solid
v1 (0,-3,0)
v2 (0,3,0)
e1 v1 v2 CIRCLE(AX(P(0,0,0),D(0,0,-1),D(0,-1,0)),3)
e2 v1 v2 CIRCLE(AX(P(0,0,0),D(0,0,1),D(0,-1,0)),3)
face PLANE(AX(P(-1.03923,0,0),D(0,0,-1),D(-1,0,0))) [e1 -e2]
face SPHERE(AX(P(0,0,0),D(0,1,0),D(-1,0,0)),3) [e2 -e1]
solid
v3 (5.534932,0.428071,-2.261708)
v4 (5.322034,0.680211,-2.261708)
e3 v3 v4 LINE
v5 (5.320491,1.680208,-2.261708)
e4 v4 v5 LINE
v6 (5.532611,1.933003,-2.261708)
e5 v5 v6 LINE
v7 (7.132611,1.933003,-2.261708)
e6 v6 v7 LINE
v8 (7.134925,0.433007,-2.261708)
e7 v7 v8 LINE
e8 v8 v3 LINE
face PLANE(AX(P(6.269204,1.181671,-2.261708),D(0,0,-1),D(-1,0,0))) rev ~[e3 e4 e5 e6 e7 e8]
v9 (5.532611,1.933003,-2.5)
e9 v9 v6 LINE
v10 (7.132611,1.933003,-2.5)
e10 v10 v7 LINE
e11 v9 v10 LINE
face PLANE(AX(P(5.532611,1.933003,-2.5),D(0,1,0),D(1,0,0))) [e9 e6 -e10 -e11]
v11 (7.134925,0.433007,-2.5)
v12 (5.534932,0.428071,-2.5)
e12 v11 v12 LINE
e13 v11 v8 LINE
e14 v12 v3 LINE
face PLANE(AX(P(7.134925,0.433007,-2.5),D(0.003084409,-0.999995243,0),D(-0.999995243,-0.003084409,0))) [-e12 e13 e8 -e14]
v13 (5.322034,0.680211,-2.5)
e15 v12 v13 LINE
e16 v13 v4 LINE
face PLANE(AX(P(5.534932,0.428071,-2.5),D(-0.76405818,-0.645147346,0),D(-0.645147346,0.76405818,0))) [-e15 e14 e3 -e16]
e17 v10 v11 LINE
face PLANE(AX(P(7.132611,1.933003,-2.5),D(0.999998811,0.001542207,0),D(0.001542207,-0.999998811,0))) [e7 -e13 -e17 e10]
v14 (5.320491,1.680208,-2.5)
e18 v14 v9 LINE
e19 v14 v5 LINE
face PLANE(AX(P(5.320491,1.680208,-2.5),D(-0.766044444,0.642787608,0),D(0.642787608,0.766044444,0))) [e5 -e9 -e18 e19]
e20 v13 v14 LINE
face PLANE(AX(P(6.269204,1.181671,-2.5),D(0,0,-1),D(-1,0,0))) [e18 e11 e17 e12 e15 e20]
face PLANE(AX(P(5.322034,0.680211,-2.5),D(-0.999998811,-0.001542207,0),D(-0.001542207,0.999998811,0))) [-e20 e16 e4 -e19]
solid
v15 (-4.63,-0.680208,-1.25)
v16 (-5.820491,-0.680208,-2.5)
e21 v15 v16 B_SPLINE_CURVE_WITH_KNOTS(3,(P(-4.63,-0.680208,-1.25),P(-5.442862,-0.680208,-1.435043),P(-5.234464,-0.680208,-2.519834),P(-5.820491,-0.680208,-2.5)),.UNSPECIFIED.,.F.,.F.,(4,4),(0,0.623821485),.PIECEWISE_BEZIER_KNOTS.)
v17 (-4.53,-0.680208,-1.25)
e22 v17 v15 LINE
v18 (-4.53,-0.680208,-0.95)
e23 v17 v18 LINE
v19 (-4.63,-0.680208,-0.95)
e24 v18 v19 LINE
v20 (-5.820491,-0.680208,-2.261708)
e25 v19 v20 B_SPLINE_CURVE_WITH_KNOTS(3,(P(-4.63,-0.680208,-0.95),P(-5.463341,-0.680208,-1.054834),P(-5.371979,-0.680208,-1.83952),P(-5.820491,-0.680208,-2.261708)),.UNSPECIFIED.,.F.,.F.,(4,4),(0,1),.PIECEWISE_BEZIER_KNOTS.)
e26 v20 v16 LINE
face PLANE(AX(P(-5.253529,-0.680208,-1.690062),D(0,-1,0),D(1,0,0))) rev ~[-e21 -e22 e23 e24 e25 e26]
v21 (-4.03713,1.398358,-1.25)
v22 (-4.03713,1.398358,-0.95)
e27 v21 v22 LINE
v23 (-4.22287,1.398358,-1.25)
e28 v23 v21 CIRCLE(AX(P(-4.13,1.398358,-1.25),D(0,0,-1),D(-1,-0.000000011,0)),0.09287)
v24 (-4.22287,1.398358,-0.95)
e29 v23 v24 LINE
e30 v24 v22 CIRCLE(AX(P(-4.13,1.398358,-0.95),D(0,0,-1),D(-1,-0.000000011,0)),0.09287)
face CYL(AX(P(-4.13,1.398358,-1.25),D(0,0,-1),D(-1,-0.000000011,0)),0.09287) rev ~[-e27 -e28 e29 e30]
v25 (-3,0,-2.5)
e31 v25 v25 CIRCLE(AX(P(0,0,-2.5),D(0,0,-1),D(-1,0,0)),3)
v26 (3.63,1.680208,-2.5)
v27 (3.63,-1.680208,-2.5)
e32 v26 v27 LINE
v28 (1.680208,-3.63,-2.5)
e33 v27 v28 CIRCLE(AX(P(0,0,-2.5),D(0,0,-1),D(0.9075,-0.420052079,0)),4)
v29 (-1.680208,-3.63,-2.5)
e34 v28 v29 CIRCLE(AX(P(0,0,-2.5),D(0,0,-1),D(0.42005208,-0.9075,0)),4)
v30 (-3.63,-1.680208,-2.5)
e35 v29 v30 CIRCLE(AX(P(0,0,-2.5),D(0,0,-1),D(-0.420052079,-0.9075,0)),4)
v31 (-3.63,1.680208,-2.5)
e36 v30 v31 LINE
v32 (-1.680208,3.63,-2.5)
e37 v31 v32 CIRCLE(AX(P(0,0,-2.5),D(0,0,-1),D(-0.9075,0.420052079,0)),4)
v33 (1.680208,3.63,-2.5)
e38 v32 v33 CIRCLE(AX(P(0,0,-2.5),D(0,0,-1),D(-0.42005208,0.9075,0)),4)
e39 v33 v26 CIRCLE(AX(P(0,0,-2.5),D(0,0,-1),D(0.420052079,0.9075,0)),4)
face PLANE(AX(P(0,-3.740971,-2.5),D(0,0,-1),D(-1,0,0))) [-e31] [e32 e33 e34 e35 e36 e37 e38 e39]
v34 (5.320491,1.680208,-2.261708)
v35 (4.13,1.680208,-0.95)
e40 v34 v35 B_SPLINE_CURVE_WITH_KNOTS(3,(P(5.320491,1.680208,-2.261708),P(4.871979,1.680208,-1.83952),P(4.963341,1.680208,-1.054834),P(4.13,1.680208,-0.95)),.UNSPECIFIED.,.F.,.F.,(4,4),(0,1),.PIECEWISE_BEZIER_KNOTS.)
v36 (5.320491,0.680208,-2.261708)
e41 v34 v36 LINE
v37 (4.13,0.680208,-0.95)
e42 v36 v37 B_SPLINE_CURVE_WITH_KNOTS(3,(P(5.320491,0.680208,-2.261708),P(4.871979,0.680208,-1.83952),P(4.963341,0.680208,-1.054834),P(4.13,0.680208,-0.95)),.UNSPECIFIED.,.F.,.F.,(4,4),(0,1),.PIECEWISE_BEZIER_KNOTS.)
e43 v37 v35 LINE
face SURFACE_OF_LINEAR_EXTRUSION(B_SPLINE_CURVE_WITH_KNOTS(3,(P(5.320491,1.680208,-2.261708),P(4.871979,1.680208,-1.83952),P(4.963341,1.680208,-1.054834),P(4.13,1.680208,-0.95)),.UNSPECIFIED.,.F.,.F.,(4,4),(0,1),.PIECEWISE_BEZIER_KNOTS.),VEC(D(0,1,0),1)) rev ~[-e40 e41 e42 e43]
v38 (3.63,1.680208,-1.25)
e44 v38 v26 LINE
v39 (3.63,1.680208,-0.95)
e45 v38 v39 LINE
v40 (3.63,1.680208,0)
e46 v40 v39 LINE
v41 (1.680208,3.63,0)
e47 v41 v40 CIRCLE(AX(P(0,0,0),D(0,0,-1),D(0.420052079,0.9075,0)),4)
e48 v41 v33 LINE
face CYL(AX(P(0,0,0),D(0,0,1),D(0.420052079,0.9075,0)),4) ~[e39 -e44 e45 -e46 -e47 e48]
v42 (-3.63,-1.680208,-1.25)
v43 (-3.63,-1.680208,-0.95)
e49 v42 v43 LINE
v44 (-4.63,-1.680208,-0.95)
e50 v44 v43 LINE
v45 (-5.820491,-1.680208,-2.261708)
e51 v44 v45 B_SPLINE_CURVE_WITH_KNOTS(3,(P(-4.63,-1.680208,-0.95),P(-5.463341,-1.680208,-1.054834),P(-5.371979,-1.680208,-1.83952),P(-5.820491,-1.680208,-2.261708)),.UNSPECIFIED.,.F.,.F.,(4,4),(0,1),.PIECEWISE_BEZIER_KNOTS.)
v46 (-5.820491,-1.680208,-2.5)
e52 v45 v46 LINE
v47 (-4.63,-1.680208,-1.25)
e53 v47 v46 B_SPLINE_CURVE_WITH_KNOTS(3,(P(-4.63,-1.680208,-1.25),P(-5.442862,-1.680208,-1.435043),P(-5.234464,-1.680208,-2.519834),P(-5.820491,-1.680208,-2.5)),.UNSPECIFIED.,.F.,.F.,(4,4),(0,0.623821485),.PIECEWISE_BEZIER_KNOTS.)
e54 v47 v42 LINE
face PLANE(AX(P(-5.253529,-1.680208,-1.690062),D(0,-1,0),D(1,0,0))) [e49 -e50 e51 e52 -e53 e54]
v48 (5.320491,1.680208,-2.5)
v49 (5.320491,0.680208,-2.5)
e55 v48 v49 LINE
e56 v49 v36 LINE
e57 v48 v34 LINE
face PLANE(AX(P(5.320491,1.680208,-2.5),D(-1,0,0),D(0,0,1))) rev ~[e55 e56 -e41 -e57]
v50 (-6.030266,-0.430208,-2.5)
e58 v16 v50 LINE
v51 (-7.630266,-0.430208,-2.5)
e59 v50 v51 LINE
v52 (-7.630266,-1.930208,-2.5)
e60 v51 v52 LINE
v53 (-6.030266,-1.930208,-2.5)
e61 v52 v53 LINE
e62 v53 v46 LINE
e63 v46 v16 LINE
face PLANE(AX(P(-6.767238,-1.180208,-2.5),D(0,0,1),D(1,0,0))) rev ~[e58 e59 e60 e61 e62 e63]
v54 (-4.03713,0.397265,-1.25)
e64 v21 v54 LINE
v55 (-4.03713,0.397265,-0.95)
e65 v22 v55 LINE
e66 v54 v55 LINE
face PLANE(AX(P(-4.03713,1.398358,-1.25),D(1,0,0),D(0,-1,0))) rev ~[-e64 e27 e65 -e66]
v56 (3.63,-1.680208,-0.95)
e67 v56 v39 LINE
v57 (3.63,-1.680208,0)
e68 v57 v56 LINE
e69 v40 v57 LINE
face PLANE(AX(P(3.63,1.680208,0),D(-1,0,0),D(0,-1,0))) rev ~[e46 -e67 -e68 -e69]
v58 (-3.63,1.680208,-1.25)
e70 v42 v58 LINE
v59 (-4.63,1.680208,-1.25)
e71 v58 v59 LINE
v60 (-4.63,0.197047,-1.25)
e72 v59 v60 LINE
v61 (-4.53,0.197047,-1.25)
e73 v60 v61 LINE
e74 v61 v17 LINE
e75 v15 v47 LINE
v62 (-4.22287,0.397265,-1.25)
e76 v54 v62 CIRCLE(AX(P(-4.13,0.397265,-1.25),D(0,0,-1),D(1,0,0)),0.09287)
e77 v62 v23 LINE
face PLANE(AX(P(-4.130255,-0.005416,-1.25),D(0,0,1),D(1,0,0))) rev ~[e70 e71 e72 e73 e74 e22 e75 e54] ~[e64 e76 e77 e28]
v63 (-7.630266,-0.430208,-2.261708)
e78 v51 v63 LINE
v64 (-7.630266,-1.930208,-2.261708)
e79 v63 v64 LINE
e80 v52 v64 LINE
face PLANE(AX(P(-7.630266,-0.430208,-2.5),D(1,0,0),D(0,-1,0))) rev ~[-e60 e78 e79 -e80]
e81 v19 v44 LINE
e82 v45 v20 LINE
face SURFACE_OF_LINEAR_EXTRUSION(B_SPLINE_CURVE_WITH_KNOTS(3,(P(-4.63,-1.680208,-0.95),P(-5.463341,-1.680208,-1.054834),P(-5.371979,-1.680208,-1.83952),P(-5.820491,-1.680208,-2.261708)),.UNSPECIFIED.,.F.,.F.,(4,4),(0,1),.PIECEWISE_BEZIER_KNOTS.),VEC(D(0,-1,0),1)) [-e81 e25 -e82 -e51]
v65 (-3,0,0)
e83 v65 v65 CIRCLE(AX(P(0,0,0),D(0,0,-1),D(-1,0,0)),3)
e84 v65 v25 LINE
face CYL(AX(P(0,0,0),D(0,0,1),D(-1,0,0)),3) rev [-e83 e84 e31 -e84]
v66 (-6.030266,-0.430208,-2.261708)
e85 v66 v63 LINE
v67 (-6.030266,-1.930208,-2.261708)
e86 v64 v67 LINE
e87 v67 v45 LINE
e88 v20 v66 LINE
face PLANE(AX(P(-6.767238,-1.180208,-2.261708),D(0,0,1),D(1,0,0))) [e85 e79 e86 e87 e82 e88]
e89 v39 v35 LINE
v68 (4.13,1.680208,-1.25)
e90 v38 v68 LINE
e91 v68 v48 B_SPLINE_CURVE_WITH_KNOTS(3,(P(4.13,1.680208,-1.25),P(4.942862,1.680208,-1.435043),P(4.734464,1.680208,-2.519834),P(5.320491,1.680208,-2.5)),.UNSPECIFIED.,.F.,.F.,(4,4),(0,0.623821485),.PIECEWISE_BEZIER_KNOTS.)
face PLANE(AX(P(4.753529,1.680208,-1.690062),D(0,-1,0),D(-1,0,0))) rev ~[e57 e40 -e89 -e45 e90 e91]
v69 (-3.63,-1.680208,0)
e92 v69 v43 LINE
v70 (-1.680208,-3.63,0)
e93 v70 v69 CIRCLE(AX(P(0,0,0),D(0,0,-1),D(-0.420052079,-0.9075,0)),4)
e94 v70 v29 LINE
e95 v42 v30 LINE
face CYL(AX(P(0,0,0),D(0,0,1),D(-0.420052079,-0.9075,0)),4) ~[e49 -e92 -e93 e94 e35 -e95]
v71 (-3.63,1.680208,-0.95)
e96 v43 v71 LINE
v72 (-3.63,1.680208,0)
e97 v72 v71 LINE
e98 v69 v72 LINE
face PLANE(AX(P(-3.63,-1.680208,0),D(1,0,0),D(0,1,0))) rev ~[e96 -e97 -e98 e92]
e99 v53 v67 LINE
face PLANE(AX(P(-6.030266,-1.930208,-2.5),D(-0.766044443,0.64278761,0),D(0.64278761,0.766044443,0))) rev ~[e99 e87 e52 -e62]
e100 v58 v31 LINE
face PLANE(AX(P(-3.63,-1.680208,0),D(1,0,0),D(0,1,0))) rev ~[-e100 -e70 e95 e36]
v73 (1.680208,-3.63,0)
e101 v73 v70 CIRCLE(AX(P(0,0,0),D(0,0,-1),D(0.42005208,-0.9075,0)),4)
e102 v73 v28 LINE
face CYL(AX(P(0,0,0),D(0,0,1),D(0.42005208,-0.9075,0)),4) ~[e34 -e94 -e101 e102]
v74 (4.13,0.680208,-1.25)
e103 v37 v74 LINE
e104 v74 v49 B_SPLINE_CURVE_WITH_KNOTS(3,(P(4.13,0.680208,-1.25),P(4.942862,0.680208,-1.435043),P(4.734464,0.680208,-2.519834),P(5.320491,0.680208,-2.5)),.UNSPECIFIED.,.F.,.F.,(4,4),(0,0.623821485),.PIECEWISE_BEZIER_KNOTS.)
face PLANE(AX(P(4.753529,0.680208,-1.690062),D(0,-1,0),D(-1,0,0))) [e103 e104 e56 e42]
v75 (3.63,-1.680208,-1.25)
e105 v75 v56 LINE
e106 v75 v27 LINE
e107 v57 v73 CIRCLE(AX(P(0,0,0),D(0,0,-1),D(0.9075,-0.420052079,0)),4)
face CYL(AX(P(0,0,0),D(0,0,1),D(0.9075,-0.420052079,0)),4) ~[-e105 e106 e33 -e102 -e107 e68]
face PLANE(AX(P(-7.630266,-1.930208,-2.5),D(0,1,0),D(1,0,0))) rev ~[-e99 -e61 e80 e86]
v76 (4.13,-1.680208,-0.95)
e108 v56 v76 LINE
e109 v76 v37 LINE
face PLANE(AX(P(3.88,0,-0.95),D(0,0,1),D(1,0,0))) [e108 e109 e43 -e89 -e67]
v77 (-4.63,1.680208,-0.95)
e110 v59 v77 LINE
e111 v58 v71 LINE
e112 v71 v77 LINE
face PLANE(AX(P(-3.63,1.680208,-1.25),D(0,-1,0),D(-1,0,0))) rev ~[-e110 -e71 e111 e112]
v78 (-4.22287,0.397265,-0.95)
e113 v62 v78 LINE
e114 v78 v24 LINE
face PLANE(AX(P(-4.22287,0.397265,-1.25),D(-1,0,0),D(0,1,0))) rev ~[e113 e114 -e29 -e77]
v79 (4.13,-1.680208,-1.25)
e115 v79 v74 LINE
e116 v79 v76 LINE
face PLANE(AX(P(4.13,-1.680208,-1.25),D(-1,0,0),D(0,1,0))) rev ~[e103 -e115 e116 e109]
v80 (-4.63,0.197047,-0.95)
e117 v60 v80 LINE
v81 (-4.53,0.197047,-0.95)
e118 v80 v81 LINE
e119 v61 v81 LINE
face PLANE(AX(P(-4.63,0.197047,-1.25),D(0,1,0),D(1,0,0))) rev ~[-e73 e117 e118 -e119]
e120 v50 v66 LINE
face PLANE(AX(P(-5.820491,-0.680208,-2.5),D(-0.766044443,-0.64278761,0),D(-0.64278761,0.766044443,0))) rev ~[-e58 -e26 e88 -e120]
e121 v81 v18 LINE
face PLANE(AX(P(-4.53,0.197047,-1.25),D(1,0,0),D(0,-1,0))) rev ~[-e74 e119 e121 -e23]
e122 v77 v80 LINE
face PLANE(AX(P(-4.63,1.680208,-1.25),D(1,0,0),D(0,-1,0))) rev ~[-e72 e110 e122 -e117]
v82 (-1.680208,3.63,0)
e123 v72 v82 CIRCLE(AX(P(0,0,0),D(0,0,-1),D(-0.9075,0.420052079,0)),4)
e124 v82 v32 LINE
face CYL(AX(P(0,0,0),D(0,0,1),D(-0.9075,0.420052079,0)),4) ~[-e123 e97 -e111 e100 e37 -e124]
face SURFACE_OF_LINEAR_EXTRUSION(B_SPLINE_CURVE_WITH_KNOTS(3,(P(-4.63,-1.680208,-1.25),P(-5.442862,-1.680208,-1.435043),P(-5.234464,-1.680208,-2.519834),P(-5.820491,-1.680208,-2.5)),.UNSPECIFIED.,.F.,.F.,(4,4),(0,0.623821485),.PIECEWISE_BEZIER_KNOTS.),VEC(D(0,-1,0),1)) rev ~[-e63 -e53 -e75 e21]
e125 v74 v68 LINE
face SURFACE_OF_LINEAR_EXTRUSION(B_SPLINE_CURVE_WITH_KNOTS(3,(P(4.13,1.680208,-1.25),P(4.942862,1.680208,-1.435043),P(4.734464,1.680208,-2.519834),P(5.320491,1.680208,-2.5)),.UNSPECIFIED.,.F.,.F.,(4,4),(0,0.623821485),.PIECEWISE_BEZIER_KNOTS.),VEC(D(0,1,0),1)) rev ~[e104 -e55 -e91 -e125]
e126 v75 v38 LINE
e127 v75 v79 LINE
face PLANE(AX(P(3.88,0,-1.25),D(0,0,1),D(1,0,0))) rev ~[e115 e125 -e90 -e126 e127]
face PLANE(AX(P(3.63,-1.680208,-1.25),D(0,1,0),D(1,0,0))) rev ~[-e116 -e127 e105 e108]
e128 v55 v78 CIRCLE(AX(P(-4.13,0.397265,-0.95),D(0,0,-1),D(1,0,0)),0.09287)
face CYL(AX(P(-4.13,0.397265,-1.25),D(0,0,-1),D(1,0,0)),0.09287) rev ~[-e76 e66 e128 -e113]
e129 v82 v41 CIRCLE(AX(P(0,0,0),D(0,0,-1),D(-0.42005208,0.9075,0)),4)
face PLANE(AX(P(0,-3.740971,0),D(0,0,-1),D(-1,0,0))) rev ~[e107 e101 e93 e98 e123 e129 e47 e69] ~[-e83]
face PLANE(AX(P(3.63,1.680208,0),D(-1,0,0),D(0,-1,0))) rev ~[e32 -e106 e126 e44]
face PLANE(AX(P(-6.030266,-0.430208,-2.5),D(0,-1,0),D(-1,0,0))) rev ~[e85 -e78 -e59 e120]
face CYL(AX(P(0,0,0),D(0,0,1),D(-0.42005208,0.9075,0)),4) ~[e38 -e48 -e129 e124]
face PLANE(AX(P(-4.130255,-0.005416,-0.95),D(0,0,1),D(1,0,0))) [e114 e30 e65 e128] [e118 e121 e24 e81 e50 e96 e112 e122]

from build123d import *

# Parameters (mm, degrees)
REVOLVE1_ANGLE      = 180
SKETCH3_R           = 3
BOSS_EXTRUDE1_DEPTH = 2.5
BOSS_EXTRUDE2_DEPTH = 0.3
BOSS_EXTRUDE3_DEPTH = 1
BOSS_EXTRUDE4_DEPTH = 0.238292
SKETCH8_W           = 0.5
SKETCH8_H           = 3.36041664
BOSS_EXTRUDE5_DEPTH = 0.3
BOSS_EXTRUDE6_DEPTH = 1
BOSS_EXTRUDE7_DEPTH = 0.238292


with BuildPart() as part:
    # Sketch2 → Revolve1 (revolve)
    with BuildSketch(Plane.XY):
        with BuildLine():
            Line((0, 3), (0, -3))
            ThreePointArc((0, -3), (-3, 0), (0, 3))
        make_face()
    revolve(axis=Axis((0, 3, 0), (0, 1, 0)), revolution_arc=REVOLVE1_ANGLE)


with BuildPart() as body_2:
    # Sketch3 → Boss-Extrude1 (new body)
    # profile 1 of 3: a face of its own
    with BuildSketch(Plane(origin=(0, 0, 0), x_dir=(-1, 0, 0), z_dir=(0, 0, -1))):
        with BuildLine():
            Line((1.68020832, 3.63), (-1.68020832, 3.63))
            ThreePointArc((-1.68020832, 3.63), (-2.828427125, 2.828427125), (-3.63, 1.68020832))
            Line((-3.63, 1.68020832), (-3.63, -1.68020832))
            ThreePointArc((-3.63, -1.68020832), (-2.828427125, -2.828427125), (-1.68020832, -3.63))
            Line((-1.68020832, -3.63), (1.68020832, -3.63))
            ThreePointArc((1.68020832, -3.63), (2.828427125, -2.828427125), (3.63, -1.68020832))
            Line((3.63, -1.68020832), (3.63, 1.68020832))
            ThreePointArc((3.63, 1.68020832), (2.828427125, 2.828427125), (1.68020832, 3.63))
        make_face()
        Circle(SKETCH3_R, mode=Mode.SUBTRACT)
    # profile 2 of 3: a face of its own
    with BuildSketch(Plane(origin=(0, 0, 0), x_dir=(-1, 0, 0), z_dir=(0, 0, -1))):
        with BuildLine():
            ThreePointArc((1.68020832, 3.63), (0, 4), (-1.68020832, 3.63))
            Line((-1.68020832, 3.63), (1.68020832, 3.63))
        make_face()
    # profile 3 of 3: a face of its own
    with BuildSketch(Plane(origin=(0, 0, 0), x_dir=(-1, 0, 0), z_dir=(0, 0, -1))):
        with BuildLine():
            Line((1.68020832, -3.63), (-1.68020832, -3.63))
            ThreePointArc((-1.68020832, -3.63), (0, -4), (1.68020832, -3.63))
        make_face()
    extrude(amount=BOSS_EXTRUDE1_DEPTH)

    # Sketch4 → Boss-Extrude2 (add)
    with BuildSketch(Plane.XY.offset(-1.25)):
        Polygon((-3.63, -1.68020832), (-3.63, 1.68020832), (-4.63, 1.68020832), (-4.63, 0.197046936), (-4.53, 0.197046936), (-4.53, -0.68020832), (-4.63, -0.68020832), (-4.63, -1.68020832), align=None)
        with BuildLine():
            ThreePointArc((-4.222869936, 1.398358142), (-4.13, 1.491228079), (-4.037130064, 1.398358142))
            Line((-4.037130064, 1.398358142), (-4.037130064, 0.39726547))
            ThreePointArc((-4.037130064, 0.39726547), (-4.13, 0.304395534), (-4.222869936, 0.39726547))
            Line((-4.222869936, 0.39726547), (-4.222869936, 1.398358142))
        make_face(mode=Mode.SUBTRACT)
    extrude(amount=BOSS_EXTRUDE2_DEPTH)

    # Sketch5 → Boss-Extrude3 (add)
    with BuildSketch(Plane.XZ.offset(1.68020832)):
        with BuildLine():
            add(Edge.make_bspline(
                [(-4.63, -0.95), (-5.463341402, -1.05483435), (-5.371978935, -1.839519927), (-5.820491324, -2.261707818)],
                knots=[0, 0, 0, 0, 1, 1, 1, 1], degree=3))
            Line((-5.820491324, -2.261707818), (-5.820491324, -2.5))
            add(Edge.make_bspline(
                [(-4.63, -1.25), (-5.442861914, -1.43504305), (-5.234464185, -2.519833805), (-5.820491324, -2.5)],
                knots=[0, 0, 0, 0, 0.623821485, 0.623821485, 0.623821485, 0.623821485], degree=3))
            Line((-4.63, -1.25), (-4.63, -0.95))
        make_face()
    extrude(amount=-BOSS_EXTRUDE3_DEPTH)

    # Sketch6 → Boss-Extrude4 (add)
    with BuildSketch(Plane(origin=(0, 0, -2.5), x_dir=(-1, 0, 0), z_dir=(0, 0, -1))):
        Polygon((5.820491324, -0.68020832), (6.030266232, -0.43020832), (7.630266232, -0.43020832), (7.630266232, -1.93020832), (6.030266232, -1.93020832), (5.820491324, -1.68020832), align=None)
    extrude(amount=-BOSS_EXTRUDE4_DEPTH)

    # Sketch8 → Boss-Extrude5 (add)
    with BuildSketch(Plane.XY.offset(-1.25)):
        with Locations((3.88, 0)):
            Rectangle(SKETCH8_W, SKETCH8_H)
    extrude(amount=BOSS_EXTRUDE5_DEPTH)

    # Sketch9 → Boss-Extrude6 (add)
    with BuildSketch(Plane(origin=(0, 1.68020832, 0), x_dir=(1, 0, 0), z_dir=(0, 1, 0))):
        with BuildLine():
            add(Edge.make_bspline(
                [(5.320491324, 2.261707818), (4.871978935, 1.839519927), (4.963341402, 1.05483435), (4.13, 0.95)],
                knots=[0, 0, 0, 0, 1, 1, 1, 1], degree=3))
            Line((4.13, 0.95), (4.13, 1.25))
            add(Edge.make_bspline(
                [(4.13, 1.25), (4.942861914, 1.43504305), (4.734464185, 2.519833805), (5.320491324, 2.5)],
                knots=[0, 0, 0, 0, 0.623821485, 0.623821485, 0.623821485, 0.623821485], degree=3))
            Line((5.320491324, 2.5), (5.320491324, 2.261707818))
        make_face()
    extrude(amount=-BOSS_EXTRUDE6_DEPTH)


with BuildPart() as body_3:
    # Sketch10 → Boss-Extrude7 (new body)
    with BuildSketch(Plane(origin=(0, 0, -2.5), x_dir=(-1, 0, 0), z_dir=(0, 0, -1))):
        Polygon((-5.320491324, 1.68020832), (-5.532611235, 1.933002987), (-7.132611235, 1.933002987), (-7.134924542, 0.433006554), (-5.534932153, 0.4280715), (-5.322033529, 0.680210699), align=None)
    extrude(amount=-BOSS_EXTRUDE7_DEPTH)


solid = Compound([part.part, body_2.part, body_3.part])
